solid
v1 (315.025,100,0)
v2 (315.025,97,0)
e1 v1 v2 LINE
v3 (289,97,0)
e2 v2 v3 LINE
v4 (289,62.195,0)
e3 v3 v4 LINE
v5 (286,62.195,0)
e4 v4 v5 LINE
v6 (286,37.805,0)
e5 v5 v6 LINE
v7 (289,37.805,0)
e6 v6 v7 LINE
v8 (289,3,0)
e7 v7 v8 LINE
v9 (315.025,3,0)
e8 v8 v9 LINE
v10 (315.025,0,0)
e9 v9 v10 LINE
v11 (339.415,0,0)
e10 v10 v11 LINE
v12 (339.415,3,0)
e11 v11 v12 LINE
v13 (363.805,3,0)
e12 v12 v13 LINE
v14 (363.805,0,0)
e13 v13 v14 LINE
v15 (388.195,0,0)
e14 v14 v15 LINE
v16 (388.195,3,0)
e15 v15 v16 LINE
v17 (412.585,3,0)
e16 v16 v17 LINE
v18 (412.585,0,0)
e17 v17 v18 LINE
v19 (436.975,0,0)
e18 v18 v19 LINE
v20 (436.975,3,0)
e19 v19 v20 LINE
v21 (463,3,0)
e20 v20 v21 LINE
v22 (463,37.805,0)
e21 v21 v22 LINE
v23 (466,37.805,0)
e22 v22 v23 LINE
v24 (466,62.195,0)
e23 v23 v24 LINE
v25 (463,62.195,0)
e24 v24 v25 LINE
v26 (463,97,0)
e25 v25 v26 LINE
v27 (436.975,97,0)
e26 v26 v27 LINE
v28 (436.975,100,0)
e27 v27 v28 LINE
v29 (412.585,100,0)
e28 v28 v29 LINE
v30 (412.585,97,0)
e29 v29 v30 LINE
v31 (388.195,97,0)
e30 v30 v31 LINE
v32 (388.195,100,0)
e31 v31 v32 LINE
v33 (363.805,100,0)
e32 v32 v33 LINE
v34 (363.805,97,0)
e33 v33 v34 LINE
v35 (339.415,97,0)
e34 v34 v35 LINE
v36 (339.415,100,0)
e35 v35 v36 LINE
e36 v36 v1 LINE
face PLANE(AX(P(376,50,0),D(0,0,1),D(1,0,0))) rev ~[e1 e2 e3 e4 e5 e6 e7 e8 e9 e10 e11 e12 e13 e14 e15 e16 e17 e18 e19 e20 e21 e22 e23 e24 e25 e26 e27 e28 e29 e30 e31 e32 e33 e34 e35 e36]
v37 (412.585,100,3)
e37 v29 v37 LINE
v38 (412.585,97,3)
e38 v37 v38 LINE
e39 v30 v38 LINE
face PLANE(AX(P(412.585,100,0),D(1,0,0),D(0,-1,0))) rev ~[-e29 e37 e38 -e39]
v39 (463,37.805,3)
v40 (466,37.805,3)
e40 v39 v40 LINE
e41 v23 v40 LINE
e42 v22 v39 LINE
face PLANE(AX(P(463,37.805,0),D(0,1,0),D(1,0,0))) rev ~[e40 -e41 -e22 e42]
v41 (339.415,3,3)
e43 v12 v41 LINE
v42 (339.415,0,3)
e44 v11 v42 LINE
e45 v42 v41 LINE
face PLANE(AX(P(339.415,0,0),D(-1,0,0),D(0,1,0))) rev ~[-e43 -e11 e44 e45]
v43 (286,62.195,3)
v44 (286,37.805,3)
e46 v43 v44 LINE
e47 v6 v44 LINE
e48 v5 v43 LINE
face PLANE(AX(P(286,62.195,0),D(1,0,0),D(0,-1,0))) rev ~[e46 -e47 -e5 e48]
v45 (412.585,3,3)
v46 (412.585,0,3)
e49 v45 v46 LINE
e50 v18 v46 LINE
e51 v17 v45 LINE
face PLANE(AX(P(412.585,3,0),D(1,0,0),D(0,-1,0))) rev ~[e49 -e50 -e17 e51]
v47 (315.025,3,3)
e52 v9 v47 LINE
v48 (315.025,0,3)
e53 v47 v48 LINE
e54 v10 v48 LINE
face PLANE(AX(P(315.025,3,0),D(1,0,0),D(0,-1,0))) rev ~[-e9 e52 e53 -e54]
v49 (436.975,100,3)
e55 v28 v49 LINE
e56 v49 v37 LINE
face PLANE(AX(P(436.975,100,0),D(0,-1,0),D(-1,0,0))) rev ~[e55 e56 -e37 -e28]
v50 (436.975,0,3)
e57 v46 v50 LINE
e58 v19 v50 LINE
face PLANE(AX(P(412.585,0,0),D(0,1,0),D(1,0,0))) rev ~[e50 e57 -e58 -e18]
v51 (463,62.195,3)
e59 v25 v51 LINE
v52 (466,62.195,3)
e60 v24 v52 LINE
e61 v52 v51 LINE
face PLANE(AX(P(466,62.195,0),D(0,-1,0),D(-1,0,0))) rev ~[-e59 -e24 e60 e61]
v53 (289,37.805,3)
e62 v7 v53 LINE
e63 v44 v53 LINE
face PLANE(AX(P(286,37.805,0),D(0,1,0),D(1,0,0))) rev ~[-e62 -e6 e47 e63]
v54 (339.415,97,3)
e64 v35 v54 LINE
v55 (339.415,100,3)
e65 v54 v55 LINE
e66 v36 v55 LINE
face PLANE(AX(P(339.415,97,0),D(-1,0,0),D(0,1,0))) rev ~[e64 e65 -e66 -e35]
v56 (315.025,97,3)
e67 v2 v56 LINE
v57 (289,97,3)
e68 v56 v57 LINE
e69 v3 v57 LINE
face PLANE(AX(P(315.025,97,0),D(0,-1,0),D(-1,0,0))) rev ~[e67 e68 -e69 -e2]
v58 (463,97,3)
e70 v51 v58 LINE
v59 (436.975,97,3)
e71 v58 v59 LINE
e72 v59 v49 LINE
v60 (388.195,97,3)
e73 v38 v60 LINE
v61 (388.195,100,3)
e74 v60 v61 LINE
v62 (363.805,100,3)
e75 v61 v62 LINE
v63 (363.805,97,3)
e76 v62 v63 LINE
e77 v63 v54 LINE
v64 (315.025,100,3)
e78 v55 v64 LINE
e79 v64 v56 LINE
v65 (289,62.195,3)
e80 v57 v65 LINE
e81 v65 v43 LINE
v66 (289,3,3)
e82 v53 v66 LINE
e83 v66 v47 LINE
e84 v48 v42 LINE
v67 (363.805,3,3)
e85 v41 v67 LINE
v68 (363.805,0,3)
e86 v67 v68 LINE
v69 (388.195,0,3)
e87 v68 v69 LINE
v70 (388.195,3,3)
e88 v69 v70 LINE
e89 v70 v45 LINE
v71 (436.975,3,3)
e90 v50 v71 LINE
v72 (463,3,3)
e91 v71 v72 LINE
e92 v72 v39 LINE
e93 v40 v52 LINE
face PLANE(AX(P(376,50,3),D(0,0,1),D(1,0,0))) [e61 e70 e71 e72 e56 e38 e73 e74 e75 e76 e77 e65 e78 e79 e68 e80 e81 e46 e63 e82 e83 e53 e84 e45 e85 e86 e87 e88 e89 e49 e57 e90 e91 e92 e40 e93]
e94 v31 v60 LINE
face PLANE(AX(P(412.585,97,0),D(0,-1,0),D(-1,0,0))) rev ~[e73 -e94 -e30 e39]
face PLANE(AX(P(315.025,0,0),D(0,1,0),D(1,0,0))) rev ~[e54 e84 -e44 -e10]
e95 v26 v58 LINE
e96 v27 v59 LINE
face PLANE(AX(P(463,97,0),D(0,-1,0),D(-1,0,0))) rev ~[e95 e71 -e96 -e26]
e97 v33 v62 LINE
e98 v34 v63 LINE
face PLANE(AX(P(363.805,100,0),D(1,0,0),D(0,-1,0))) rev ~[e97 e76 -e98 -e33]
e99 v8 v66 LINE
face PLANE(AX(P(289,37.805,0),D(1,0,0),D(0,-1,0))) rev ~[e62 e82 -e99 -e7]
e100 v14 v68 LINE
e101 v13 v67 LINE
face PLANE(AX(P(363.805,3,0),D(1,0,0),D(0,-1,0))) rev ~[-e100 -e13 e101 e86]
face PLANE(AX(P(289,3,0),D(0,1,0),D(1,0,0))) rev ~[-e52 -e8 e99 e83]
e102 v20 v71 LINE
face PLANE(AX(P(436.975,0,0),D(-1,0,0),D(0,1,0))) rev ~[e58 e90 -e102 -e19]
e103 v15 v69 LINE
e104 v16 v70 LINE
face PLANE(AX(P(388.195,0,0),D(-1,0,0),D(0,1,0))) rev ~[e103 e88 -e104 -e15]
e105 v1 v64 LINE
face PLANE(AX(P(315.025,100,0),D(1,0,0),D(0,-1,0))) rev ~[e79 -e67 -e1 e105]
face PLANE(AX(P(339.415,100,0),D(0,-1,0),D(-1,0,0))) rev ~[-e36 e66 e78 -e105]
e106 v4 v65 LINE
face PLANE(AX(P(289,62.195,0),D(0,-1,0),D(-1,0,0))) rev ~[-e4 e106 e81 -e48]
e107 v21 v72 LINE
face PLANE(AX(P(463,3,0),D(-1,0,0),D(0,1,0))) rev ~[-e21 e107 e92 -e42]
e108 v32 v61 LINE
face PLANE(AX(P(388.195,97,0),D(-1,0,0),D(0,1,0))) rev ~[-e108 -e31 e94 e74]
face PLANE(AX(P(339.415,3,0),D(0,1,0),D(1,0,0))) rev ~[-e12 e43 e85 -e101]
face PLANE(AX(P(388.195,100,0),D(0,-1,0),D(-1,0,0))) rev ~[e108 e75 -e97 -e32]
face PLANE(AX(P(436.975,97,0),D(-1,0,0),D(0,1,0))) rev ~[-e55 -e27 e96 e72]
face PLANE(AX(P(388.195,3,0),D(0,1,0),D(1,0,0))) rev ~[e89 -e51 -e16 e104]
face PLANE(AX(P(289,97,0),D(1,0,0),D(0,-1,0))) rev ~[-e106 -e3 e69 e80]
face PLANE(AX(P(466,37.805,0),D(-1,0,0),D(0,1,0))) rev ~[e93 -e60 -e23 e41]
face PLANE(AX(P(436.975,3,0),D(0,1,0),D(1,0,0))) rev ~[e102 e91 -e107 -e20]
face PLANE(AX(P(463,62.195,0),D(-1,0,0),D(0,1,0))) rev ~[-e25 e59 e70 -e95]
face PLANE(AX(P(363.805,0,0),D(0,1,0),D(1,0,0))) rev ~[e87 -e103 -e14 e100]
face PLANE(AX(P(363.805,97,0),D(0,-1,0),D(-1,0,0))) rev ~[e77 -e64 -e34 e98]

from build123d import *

# Parameters (mm, degrees)
SALIENTE_EXTRUIR1_DEPTH = 3


with BuildPart() as part:
    # Model → Saliente-Extruir1 (new body)
    with BuildSketch(Plane.XY):
        Polygon((289, 97), (289, 62.195), (286, 62.195), (286, 37.805), (289, 37.805), (289, 13.415), (289, 3), (315.025, 3), (315.025, 0), (339.415, 0), (339.415, 3), (363.805, 3), (363.805, 0), (388.195, 0), (388.195, 3), (412.585, 3), (412.585, 0), (436.975, 0), (436.975, 3), (461.365, 3), (463, 3), (463, 37.805), (466, 37.805), (466, 62.195), (463, 62.195), (463, 86.585), (463, 97), (436.975, 97), (436.975, 100), (412.585, 100), (412.585, 97), (388.195, 97), (388.195, 100), (363.805, 100), (363.805, 97), (339.415, 97), (339.415, 100), (315.025, 100), (315.025, 97), (290.635, 97), align=None)
    extrude(amount=SALIENTE_EXTRUIR1_DEPTH)


solid = part.part
